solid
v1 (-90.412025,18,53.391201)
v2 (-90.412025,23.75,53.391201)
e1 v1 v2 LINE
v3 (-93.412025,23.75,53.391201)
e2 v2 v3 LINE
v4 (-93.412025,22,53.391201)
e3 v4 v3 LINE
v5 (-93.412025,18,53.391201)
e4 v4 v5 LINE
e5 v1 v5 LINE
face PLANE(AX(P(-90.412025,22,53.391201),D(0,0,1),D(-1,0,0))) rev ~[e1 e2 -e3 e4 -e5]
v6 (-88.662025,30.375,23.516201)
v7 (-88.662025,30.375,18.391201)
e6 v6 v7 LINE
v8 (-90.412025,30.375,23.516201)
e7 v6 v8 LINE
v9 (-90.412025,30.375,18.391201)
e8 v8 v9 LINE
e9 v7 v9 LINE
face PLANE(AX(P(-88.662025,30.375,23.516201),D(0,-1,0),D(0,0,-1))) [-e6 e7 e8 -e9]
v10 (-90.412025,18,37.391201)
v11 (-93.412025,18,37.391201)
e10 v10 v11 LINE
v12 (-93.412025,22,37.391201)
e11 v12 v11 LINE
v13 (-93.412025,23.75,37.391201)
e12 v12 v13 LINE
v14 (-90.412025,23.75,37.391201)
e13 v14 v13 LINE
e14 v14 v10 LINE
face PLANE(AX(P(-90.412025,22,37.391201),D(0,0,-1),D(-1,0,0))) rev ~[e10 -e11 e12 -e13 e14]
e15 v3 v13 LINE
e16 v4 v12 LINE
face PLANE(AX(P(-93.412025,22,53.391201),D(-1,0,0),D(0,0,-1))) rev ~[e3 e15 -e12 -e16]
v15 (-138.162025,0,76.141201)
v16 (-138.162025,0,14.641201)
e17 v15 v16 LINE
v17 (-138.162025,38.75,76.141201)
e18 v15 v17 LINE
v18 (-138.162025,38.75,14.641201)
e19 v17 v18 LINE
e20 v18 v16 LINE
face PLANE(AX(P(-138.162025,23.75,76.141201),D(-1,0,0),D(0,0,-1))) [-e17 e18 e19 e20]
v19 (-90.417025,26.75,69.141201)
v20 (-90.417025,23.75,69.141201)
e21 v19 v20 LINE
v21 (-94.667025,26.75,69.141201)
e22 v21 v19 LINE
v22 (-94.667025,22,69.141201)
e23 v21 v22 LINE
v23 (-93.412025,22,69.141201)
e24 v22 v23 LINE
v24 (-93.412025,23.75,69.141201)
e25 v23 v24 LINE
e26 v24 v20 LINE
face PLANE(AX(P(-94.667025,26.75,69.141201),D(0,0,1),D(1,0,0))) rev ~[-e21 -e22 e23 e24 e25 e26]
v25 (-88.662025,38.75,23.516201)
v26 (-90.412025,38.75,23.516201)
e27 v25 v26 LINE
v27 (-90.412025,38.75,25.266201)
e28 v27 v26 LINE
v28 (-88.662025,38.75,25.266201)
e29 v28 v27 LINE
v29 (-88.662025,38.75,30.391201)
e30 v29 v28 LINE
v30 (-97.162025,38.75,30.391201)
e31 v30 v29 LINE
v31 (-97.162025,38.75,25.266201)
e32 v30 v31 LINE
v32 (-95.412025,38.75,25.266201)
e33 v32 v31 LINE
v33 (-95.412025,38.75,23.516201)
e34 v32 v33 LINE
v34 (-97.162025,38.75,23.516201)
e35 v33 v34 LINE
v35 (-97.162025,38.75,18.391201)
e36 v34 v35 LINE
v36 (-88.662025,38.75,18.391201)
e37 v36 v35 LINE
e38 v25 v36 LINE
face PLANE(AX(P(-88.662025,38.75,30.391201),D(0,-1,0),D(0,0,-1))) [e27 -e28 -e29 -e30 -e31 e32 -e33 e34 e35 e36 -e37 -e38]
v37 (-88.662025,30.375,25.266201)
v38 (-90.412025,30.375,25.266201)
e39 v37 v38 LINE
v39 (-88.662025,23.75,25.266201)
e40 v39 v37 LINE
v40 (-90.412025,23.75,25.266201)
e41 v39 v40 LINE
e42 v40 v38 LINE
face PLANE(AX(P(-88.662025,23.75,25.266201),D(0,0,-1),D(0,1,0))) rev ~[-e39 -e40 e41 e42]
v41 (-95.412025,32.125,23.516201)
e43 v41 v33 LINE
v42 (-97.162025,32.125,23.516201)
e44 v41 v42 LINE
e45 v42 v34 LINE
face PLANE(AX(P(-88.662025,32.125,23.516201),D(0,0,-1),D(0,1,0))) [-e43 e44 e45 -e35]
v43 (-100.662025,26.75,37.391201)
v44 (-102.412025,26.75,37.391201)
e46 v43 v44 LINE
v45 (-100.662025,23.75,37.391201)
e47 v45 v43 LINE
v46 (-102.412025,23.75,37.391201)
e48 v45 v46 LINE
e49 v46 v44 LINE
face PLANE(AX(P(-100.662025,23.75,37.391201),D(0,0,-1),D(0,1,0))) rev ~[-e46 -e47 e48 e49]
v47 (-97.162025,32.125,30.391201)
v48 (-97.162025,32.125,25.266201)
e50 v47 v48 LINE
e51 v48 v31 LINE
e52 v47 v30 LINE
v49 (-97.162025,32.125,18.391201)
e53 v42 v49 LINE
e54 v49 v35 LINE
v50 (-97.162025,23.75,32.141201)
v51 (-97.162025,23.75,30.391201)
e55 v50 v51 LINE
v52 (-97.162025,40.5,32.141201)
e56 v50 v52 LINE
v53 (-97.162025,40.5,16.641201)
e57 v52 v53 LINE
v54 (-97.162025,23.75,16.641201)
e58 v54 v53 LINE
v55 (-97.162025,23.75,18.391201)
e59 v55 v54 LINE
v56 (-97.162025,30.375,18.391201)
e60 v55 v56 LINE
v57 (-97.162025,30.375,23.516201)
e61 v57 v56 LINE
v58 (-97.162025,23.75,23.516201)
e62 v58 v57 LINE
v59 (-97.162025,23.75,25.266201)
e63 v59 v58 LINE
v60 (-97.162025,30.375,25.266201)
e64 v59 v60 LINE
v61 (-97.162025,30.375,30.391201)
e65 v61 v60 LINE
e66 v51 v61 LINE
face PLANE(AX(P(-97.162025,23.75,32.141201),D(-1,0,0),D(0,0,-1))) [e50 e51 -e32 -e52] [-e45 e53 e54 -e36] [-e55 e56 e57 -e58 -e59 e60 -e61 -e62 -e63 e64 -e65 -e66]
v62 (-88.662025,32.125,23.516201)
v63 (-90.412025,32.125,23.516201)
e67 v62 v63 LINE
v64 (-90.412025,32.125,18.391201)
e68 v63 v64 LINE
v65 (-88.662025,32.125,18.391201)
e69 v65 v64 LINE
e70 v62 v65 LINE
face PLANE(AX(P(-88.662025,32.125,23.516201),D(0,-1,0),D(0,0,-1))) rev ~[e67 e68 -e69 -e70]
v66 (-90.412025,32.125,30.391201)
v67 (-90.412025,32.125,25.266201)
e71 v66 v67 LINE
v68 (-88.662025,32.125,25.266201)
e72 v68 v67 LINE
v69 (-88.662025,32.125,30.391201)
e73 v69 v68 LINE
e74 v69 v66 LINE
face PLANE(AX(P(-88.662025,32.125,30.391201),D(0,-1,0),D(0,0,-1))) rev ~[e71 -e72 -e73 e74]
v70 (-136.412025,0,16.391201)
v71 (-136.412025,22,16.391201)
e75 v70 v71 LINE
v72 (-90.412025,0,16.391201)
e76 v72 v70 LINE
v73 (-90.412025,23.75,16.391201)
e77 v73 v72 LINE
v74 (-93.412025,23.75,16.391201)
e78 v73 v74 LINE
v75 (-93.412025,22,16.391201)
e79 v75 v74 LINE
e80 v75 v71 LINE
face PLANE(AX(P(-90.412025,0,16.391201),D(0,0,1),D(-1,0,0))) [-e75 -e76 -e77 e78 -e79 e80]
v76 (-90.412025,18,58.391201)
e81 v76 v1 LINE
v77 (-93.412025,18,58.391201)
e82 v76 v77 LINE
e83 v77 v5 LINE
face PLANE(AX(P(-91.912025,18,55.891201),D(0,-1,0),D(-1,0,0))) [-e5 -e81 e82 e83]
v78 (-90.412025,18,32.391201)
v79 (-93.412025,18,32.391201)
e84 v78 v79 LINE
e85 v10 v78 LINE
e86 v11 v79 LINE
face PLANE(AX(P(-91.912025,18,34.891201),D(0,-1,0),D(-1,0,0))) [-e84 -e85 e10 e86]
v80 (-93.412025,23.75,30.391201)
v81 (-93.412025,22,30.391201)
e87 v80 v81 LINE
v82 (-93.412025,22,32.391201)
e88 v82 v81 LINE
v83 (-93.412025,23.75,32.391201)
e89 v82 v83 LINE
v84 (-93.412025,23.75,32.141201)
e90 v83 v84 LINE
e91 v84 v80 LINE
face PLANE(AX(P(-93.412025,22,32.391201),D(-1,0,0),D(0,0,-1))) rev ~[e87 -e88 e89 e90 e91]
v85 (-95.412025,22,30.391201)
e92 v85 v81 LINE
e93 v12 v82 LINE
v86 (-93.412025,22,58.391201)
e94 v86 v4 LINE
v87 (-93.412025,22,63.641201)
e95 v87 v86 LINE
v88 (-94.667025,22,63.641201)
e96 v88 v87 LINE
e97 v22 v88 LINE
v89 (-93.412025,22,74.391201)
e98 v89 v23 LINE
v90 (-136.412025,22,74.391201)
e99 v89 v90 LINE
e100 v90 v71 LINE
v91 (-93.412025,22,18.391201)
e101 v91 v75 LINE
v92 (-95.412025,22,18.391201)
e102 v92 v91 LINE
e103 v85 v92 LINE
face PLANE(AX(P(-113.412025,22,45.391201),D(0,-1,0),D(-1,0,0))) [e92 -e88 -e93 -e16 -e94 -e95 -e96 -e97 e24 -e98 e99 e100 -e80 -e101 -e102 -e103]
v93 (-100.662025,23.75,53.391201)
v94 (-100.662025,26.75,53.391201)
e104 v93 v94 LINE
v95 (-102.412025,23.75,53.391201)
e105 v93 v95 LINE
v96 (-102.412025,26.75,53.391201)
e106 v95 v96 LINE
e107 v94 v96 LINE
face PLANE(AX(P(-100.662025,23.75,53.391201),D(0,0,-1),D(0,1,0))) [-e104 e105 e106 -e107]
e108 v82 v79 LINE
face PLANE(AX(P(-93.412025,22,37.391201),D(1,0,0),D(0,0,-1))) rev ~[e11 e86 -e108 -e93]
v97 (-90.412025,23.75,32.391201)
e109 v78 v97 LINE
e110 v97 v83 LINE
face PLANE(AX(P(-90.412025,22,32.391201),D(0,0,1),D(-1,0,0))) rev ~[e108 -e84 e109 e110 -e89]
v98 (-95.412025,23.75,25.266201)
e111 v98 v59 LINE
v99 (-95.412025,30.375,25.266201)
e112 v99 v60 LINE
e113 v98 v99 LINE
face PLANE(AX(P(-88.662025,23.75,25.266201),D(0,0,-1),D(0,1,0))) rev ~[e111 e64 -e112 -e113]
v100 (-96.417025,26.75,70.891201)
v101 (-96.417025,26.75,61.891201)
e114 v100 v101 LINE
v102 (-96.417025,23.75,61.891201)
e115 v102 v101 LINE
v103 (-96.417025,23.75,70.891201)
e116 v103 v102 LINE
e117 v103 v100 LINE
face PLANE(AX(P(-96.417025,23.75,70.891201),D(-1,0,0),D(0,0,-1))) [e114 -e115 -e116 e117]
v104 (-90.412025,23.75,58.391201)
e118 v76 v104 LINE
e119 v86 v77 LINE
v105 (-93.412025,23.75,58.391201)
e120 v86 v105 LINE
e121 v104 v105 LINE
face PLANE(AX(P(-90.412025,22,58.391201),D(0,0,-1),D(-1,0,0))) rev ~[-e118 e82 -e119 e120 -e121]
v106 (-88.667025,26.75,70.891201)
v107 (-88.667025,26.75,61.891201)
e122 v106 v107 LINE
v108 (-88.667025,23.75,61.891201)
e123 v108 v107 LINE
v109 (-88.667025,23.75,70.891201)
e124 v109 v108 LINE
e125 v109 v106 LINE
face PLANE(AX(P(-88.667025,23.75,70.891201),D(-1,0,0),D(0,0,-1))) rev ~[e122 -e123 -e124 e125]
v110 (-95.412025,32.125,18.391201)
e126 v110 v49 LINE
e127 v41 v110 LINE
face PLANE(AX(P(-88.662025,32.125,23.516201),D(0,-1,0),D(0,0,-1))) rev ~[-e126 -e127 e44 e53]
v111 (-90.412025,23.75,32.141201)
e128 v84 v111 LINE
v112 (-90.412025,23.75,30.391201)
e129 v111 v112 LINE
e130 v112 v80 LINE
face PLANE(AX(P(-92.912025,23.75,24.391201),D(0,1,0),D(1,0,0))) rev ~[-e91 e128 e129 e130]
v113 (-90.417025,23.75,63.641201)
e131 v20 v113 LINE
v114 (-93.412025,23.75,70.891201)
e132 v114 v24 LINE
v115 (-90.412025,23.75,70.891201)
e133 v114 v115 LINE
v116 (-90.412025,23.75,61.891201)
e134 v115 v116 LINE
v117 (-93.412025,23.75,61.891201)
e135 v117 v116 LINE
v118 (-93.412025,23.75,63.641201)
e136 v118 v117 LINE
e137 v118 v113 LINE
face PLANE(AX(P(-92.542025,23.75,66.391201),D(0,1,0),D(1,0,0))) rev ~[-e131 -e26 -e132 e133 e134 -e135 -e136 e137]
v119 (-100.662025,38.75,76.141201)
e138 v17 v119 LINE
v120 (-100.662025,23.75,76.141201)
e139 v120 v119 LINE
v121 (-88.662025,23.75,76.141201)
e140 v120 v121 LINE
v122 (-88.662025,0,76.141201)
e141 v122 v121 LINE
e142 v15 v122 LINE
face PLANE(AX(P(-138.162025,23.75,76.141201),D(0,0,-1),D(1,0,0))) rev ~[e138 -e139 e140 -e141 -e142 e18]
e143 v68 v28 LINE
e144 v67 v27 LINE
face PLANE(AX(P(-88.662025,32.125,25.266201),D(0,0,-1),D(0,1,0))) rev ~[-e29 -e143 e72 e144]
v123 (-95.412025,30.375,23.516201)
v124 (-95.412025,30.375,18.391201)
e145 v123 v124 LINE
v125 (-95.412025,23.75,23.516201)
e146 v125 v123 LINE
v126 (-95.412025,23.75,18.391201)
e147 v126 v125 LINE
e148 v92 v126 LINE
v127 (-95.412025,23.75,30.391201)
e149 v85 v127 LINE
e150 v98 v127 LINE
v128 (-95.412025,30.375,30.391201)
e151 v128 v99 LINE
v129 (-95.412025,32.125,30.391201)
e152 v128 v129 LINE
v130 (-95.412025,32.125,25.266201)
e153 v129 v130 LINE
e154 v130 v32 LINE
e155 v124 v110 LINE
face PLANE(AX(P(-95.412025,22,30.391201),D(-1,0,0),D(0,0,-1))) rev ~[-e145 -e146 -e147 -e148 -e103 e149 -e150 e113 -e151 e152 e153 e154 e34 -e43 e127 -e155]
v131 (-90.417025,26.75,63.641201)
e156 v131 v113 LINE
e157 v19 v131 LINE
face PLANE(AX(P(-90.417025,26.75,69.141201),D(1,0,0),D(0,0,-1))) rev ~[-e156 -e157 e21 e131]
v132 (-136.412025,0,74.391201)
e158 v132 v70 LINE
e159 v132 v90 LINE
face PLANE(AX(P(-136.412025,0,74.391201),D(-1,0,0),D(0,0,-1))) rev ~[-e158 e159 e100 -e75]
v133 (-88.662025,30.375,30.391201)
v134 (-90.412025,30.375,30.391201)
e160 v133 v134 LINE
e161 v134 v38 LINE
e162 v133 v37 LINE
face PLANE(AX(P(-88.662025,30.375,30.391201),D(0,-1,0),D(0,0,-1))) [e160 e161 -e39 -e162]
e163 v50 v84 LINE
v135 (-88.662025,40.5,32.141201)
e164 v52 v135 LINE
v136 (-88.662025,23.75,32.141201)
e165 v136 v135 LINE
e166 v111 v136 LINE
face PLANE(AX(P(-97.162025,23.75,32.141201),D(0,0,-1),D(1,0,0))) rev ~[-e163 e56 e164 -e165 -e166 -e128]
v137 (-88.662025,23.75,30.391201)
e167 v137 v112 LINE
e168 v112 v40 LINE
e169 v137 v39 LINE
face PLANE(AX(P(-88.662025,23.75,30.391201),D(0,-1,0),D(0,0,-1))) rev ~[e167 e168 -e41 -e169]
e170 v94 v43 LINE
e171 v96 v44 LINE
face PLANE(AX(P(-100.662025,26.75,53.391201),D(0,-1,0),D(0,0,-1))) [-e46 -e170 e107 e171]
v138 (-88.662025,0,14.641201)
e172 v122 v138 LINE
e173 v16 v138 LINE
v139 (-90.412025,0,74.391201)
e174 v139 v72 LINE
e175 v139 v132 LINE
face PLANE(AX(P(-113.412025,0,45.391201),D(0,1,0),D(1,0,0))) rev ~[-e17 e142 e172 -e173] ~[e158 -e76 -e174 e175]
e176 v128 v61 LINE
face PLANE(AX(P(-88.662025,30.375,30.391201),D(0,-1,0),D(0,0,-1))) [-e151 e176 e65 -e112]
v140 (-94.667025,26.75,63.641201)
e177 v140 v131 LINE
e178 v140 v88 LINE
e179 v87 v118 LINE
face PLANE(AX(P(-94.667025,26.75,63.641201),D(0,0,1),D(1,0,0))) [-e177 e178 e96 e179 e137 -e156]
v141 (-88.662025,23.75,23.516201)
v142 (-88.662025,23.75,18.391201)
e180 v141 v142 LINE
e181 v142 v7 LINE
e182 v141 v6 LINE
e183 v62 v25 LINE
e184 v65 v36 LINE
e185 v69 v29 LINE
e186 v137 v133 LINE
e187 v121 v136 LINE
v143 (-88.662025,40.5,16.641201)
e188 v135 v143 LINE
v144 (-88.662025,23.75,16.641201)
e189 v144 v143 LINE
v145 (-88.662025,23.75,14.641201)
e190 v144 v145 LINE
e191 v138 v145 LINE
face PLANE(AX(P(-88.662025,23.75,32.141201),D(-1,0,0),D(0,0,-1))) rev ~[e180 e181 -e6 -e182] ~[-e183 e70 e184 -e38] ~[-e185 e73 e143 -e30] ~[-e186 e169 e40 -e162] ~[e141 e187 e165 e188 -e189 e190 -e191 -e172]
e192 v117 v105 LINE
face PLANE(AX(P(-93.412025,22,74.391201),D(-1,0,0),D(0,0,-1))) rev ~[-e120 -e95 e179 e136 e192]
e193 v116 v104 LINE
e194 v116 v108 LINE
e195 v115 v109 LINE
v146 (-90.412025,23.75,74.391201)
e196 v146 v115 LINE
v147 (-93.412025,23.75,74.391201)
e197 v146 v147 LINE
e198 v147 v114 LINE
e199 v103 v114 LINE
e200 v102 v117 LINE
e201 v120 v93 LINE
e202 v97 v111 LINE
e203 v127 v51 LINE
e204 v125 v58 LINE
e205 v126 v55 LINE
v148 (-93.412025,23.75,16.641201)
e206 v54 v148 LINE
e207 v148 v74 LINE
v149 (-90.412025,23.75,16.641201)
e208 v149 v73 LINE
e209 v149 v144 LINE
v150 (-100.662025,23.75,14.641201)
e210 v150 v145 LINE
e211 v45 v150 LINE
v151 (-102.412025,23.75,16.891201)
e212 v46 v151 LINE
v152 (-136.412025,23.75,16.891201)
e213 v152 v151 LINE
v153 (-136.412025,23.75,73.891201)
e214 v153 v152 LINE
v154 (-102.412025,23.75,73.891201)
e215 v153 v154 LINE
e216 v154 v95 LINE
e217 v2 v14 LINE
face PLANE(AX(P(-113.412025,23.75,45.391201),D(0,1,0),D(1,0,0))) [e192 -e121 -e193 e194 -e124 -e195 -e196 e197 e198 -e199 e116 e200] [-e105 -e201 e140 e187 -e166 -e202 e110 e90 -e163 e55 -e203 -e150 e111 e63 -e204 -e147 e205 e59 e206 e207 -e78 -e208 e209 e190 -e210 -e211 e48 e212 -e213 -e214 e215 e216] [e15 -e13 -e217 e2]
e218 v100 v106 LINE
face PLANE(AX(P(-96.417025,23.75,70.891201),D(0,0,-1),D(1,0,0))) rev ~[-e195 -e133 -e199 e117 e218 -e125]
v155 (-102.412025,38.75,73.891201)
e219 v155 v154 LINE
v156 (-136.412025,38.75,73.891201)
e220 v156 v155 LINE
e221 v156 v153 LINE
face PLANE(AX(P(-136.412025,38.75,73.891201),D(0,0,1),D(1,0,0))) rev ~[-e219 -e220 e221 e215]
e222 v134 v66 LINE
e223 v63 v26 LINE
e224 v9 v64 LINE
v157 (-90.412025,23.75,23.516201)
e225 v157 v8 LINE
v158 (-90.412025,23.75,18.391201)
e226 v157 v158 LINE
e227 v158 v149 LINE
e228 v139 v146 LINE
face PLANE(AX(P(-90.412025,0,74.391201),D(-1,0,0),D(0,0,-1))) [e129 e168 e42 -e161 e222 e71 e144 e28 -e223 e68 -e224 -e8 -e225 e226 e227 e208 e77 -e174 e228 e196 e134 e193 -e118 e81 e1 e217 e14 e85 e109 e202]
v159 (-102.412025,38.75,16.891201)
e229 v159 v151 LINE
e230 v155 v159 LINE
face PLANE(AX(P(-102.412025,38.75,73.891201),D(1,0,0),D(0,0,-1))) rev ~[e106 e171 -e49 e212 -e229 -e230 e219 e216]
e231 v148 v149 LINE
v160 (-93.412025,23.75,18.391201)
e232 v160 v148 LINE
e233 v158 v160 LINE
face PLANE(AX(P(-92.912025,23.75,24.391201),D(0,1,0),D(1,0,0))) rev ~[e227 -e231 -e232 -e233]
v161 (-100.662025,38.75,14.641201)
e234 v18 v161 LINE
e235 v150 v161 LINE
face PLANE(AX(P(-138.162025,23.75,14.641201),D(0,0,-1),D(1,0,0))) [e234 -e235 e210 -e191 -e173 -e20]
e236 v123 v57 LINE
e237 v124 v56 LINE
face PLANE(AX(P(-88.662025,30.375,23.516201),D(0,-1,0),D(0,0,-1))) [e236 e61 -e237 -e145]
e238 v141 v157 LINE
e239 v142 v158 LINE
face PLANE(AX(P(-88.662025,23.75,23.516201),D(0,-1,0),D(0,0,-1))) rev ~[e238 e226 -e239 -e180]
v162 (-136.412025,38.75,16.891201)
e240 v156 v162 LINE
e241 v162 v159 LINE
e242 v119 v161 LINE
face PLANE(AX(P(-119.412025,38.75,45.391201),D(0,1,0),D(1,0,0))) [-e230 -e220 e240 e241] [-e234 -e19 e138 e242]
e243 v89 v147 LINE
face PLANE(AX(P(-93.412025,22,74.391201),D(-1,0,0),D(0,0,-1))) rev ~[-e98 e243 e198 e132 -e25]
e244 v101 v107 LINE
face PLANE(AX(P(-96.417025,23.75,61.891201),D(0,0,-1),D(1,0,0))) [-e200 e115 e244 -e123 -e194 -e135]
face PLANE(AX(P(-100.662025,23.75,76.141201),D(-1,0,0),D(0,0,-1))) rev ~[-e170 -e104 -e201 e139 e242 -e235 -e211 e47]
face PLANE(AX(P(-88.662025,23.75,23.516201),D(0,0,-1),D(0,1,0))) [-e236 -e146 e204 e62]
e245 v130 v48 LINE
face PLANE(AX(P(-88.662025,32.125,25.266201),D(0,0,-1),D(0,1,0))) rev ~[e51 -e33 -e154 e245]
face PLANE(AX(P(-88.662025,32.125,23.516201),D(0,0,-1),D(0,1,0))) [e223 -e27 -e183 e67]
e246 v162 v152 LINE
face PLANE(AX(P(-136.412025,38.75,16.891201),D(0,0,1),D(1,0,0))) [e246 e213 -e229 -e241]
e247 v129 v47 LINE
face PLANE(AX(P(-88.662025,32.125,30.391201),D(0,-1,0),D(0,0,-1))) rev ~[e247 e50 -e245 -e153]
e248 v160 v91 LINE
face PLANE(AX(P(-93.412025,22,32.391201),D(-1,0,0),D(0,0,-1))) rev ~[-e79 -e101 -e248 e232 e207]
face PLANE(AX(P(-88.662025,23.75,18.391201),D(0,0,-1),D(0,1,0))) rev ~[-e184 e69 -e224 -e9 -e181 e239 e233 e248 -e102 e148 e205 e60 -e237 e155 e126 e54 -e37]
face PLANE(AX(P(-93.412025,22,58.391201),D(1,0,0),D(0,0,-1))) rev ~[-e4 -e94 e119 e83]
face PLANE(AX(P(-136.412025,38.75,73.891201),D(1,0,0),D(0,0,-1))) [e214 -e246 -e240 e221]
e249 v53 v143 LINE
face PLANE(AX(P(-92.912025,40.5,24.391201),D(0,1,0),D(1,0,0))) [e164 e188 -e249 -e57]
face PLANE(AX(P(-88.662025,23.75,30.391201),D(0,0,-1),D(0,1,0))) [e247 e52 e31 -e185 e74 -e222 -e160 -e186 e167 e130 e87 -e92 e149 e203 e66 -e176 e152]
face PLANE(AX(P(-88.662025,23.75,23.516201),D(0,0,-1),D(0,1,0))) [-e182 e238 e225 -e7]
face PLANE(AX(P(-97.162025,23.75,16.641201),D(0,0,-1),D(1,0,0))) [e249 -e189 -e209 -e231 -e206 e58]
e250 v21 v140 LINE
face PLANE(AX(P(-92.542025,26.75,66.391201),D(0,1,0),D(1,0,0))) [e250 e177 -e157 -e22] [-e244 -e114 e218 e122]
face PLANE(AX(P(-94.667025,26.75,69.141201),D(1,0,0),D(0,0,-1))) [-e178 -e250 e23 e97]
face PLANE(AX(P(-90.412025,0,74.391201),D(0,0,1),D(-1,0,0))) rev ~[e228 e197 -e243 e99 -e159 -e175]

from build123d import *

# Parameters (mm, degrees)
SKETCH1_W               = 49.5
SKETCH1_H               = 61.5
BOSS_EXTRUDE1_DEPTH     = 23.75
SKETCH2_W               = 46
SKETCH2_H               = 58
CUT_EXTRUDE1_DEPTH      = 22
SKETCH3_W               = 3
SKETCH3_H               = 16
CUT_EXTRUDE2_DEPTH      = 1.75
SKETCH7_W               = 3
SKETCH7_H               = 5
BOSS_EXTRUDE2_DEPTH     = 4
SKETCH11_W              = 37.5
SKETCH11_H              = 61.5
BOSS_EXTRUDE3_DEPTH     = 15
SKETCH12_W              = 34
SKETCH12_H              = 57
CUT_EXTRUDE3_DEPTH      = 15
SKETCH14_W              = 7.75
SKETCH14_H              = 9
BOSS_EXTRUDE4_DEPTH     = 3
SKETCH15_W              = 4.25
SKETCH15_H              = 5.5
CUT_EXTRUDE4_DEPTH      = 4.75
SKETCH16_W              = 8.5
SKETCH16_H              = 15.5
BOSS_EXTRUDE5_DEPTH     = 16.75
SKETCH17_W              = 5.125
SKETCH17_H              = 6.625
CUT_EXTRUDE5_DEPTH      = 8.5
CUT_EXTRUDE6_DEPTH      = 15
CUT_EXTRUDE6_DEPTH_BACK = 1.75
SKETCH18_W              = 5
SKETCH18_H              = 12
SKETCH20_W              = 16
SKETCH20_H              = 3
CUT_EXTRUDE7_DEPTH      = 1.75


with BuildPart() as part:
    # Sketch1 → Boss-Extrude1 (new body)
    with BuildSketch(Plane(origin=(0, 0, 0), x_dir=(1, 0, 0), z_dir=(0, 1, 0))):
        with Locations((-113.412024913, -45.391200727)):
            Rectangle(SKETCH1_W, SKETCH1_H)
    extrude(amount=BOSS_EXTRUDE1_DEPTH)

    # Sketch2 → Cut-Extrude1 (cut)
    with BuildSketch(Plane(origin=(0, 0, 0), x_dir=(-1, 0, 0), z_dir=(0, -1, 0))):
        with Locations((113.412024913, -45.391200727)):
            Rectangle(SKETCH2_W, SKETCH2_H)
    extrude(amount=-CUT_EXTRUDE1_DEPTH, mode=Mode.SUBTRACT)

    # Sketch3 → Cut-Extrude2 (cut)
    with BuildSketch(Plane(origin=(0, 22, 0), x_dir=(-1, 0, 0), z_dir=(0, -1, 0))):
        with Locations((91.912024913, -66.391200727)):
            Rectangle(SKETCH3_W, SKETCH3_H)
        with Locations((91.912024913, -24.391200727)):
            Rectangle(SKETCH3_W, SKETCH3_H)
        with Locations((91.912024913, -45.391200727)):
            Rectangle(SKETCH3_W, SKETCH3_H)
    extrude(amount=-CUT_EXTRUDE2_DEPTH, mode=Mode.SUBTRACT)

    # Sketch7 → Boss-Extrude2 (add)
    with BuildSketch(Plane(origin=(0, 22, 0), x_dir=(-1, 0, 0), z_dir=(0, -1, 0))):
        with Locations((91.912024913, -55.891200727)):
            Rectangle(SKETCH7_W, SKETCH7_H)
        with Locations((91.912024913, -34.891200727)):
            Rectangle(SKETCH7_W, SKETCH7_H)
    extrude(amount=BOSS_EXTRUDE2_DEPTH)

    # Sketch11 → Boss-Extrude3 (add)
    with BuildSketch(Plane(origin=(0, 23.75, 0), x_dir=(1, 0, 0), z_dir=(0, 1, 0))):
        with Locations((-119.412024913, -45.391200727)):
            Rectangle(SKETCH11_W, SKETCH11_H)
    extrude(amount=BOSS_EXTRUDE3_DEPTH)

    # Sketch12 → Cut-Extrude3 (cut)
    with BuildSketch(Plane(origin=(0, 38.75, 0), x_dir=(1, 0, 0), z_dir=(0, 1, 0))):
        with Locations((-119.412024913, -45.391200727)):
            Rectangle(SKETCH12_W, SKETCH12_H)
    extrude(amount=-CUT_EXTRUDE3_DEPTH, mode=Mode.SUBTRACT)

    # Sketch14 → Boss-Extrude4 (add)
    with BuildSketch(Plane(origin=(0, 23.75, 0), x_dir=(1, 0, 0), z_dir=(0, 1, 0))):
        with Locations((-92.542024913, -66.391200727)):
            Rectangle(SKETCH14_W, SKETCH14_H)
    extrude(amount=BOSS_EXTRUDE4_DEPTH)

    # Sketch15 → Cut-Extrude4 (cut)
    with BuildSketch(Plane(origin=(0, 26.75, 0), x_dir=(1, 0, 0), z_dir=(0, 1, 0))):
        with Locations((-92.542024913, -66.391200727)):
            Rectangle(SKETCH15_W, SKETCH15_H)
    extrude(amount=-CUT_EXTRUDE4_DEPTH, mode=Mode.SUBTRACT)

    # Sketch16 → Boss-Extrude5 (add)
    with BuildSketch(Plane(origin=(0, 23.75, 0), x_dir=(1, 0, 0), z_dir=(0, 1, 0))):
        with Locations((-92.912024913, -24.391200727)):
            Rectangle(SKETCH16_W, SKETCH16_H)
    extrude(amount=BOSS_EXTRUDE5_DEPTH)

    # Sketch17 → Cut-Extrude5 (cut)
    with BuildSketch(Plane(origin=(-88.662024913, 0, 0), x_dir=(0, 0, -1), z_dir=(1, 0, 0))):
        with Locations((-27.828700727, 35.4375)):
            Rectangle(SKETCH17_W, SKETCH17_H)
        with Locations((-27.828700727, 27.0625)):
            Rectangle(SKETCH17_W, SKETCH17_H)
        with Locations((-20.953700727, 35.4375)):
            Rectangle(SKETCH17_W, SKETCH17_H)
        with Locations((-20.953700727, 27.0625)):
            Rectangle(SKETCH17_W, SKETCH17_H)
    extrude(amount=-CUT_EXTRUDE5_DEPTH, mode=Mode.SUBTRACT)

    # Sketch18 → Cut-Extrude6 (cut, two sides: drawn at the far end of the back side and taken through both)
    with BuildSketch(Plane(origin=(0, 23.75, 0), x_dir=(1, 0, 0), z_dir=(0, 1, 0)).offset(-CUT_EXTRUDE6_DEPTH_BACK)):
        with Locations((-92.912024913, -24.391200727)):
            Rectangle(SKETCH18_W, SKETCH18_H)
    extrude(amount=CUT_EXTRUDE6_DEPTH + CUT_EXTRUDE6_DEPTH_BACK, mode=Mode.SUBTRACT)

    # Sketch20 → Cut-Extrude7 (cut)
    with BuildSketch(Plane(origin=(-100.662024913, 0, 0), x_dir=(0, 0, -1), z_dir=(1, 0, 0))):
        with Locations((-45.391200727, 25.25)):
            Rectangle(SKETCH20_W, SKETCH20_H)
    extrude(amount=-CUT_EXTRUDE7_DEPTH, mode=Mode.SUBTRACT)


solid = part.part
